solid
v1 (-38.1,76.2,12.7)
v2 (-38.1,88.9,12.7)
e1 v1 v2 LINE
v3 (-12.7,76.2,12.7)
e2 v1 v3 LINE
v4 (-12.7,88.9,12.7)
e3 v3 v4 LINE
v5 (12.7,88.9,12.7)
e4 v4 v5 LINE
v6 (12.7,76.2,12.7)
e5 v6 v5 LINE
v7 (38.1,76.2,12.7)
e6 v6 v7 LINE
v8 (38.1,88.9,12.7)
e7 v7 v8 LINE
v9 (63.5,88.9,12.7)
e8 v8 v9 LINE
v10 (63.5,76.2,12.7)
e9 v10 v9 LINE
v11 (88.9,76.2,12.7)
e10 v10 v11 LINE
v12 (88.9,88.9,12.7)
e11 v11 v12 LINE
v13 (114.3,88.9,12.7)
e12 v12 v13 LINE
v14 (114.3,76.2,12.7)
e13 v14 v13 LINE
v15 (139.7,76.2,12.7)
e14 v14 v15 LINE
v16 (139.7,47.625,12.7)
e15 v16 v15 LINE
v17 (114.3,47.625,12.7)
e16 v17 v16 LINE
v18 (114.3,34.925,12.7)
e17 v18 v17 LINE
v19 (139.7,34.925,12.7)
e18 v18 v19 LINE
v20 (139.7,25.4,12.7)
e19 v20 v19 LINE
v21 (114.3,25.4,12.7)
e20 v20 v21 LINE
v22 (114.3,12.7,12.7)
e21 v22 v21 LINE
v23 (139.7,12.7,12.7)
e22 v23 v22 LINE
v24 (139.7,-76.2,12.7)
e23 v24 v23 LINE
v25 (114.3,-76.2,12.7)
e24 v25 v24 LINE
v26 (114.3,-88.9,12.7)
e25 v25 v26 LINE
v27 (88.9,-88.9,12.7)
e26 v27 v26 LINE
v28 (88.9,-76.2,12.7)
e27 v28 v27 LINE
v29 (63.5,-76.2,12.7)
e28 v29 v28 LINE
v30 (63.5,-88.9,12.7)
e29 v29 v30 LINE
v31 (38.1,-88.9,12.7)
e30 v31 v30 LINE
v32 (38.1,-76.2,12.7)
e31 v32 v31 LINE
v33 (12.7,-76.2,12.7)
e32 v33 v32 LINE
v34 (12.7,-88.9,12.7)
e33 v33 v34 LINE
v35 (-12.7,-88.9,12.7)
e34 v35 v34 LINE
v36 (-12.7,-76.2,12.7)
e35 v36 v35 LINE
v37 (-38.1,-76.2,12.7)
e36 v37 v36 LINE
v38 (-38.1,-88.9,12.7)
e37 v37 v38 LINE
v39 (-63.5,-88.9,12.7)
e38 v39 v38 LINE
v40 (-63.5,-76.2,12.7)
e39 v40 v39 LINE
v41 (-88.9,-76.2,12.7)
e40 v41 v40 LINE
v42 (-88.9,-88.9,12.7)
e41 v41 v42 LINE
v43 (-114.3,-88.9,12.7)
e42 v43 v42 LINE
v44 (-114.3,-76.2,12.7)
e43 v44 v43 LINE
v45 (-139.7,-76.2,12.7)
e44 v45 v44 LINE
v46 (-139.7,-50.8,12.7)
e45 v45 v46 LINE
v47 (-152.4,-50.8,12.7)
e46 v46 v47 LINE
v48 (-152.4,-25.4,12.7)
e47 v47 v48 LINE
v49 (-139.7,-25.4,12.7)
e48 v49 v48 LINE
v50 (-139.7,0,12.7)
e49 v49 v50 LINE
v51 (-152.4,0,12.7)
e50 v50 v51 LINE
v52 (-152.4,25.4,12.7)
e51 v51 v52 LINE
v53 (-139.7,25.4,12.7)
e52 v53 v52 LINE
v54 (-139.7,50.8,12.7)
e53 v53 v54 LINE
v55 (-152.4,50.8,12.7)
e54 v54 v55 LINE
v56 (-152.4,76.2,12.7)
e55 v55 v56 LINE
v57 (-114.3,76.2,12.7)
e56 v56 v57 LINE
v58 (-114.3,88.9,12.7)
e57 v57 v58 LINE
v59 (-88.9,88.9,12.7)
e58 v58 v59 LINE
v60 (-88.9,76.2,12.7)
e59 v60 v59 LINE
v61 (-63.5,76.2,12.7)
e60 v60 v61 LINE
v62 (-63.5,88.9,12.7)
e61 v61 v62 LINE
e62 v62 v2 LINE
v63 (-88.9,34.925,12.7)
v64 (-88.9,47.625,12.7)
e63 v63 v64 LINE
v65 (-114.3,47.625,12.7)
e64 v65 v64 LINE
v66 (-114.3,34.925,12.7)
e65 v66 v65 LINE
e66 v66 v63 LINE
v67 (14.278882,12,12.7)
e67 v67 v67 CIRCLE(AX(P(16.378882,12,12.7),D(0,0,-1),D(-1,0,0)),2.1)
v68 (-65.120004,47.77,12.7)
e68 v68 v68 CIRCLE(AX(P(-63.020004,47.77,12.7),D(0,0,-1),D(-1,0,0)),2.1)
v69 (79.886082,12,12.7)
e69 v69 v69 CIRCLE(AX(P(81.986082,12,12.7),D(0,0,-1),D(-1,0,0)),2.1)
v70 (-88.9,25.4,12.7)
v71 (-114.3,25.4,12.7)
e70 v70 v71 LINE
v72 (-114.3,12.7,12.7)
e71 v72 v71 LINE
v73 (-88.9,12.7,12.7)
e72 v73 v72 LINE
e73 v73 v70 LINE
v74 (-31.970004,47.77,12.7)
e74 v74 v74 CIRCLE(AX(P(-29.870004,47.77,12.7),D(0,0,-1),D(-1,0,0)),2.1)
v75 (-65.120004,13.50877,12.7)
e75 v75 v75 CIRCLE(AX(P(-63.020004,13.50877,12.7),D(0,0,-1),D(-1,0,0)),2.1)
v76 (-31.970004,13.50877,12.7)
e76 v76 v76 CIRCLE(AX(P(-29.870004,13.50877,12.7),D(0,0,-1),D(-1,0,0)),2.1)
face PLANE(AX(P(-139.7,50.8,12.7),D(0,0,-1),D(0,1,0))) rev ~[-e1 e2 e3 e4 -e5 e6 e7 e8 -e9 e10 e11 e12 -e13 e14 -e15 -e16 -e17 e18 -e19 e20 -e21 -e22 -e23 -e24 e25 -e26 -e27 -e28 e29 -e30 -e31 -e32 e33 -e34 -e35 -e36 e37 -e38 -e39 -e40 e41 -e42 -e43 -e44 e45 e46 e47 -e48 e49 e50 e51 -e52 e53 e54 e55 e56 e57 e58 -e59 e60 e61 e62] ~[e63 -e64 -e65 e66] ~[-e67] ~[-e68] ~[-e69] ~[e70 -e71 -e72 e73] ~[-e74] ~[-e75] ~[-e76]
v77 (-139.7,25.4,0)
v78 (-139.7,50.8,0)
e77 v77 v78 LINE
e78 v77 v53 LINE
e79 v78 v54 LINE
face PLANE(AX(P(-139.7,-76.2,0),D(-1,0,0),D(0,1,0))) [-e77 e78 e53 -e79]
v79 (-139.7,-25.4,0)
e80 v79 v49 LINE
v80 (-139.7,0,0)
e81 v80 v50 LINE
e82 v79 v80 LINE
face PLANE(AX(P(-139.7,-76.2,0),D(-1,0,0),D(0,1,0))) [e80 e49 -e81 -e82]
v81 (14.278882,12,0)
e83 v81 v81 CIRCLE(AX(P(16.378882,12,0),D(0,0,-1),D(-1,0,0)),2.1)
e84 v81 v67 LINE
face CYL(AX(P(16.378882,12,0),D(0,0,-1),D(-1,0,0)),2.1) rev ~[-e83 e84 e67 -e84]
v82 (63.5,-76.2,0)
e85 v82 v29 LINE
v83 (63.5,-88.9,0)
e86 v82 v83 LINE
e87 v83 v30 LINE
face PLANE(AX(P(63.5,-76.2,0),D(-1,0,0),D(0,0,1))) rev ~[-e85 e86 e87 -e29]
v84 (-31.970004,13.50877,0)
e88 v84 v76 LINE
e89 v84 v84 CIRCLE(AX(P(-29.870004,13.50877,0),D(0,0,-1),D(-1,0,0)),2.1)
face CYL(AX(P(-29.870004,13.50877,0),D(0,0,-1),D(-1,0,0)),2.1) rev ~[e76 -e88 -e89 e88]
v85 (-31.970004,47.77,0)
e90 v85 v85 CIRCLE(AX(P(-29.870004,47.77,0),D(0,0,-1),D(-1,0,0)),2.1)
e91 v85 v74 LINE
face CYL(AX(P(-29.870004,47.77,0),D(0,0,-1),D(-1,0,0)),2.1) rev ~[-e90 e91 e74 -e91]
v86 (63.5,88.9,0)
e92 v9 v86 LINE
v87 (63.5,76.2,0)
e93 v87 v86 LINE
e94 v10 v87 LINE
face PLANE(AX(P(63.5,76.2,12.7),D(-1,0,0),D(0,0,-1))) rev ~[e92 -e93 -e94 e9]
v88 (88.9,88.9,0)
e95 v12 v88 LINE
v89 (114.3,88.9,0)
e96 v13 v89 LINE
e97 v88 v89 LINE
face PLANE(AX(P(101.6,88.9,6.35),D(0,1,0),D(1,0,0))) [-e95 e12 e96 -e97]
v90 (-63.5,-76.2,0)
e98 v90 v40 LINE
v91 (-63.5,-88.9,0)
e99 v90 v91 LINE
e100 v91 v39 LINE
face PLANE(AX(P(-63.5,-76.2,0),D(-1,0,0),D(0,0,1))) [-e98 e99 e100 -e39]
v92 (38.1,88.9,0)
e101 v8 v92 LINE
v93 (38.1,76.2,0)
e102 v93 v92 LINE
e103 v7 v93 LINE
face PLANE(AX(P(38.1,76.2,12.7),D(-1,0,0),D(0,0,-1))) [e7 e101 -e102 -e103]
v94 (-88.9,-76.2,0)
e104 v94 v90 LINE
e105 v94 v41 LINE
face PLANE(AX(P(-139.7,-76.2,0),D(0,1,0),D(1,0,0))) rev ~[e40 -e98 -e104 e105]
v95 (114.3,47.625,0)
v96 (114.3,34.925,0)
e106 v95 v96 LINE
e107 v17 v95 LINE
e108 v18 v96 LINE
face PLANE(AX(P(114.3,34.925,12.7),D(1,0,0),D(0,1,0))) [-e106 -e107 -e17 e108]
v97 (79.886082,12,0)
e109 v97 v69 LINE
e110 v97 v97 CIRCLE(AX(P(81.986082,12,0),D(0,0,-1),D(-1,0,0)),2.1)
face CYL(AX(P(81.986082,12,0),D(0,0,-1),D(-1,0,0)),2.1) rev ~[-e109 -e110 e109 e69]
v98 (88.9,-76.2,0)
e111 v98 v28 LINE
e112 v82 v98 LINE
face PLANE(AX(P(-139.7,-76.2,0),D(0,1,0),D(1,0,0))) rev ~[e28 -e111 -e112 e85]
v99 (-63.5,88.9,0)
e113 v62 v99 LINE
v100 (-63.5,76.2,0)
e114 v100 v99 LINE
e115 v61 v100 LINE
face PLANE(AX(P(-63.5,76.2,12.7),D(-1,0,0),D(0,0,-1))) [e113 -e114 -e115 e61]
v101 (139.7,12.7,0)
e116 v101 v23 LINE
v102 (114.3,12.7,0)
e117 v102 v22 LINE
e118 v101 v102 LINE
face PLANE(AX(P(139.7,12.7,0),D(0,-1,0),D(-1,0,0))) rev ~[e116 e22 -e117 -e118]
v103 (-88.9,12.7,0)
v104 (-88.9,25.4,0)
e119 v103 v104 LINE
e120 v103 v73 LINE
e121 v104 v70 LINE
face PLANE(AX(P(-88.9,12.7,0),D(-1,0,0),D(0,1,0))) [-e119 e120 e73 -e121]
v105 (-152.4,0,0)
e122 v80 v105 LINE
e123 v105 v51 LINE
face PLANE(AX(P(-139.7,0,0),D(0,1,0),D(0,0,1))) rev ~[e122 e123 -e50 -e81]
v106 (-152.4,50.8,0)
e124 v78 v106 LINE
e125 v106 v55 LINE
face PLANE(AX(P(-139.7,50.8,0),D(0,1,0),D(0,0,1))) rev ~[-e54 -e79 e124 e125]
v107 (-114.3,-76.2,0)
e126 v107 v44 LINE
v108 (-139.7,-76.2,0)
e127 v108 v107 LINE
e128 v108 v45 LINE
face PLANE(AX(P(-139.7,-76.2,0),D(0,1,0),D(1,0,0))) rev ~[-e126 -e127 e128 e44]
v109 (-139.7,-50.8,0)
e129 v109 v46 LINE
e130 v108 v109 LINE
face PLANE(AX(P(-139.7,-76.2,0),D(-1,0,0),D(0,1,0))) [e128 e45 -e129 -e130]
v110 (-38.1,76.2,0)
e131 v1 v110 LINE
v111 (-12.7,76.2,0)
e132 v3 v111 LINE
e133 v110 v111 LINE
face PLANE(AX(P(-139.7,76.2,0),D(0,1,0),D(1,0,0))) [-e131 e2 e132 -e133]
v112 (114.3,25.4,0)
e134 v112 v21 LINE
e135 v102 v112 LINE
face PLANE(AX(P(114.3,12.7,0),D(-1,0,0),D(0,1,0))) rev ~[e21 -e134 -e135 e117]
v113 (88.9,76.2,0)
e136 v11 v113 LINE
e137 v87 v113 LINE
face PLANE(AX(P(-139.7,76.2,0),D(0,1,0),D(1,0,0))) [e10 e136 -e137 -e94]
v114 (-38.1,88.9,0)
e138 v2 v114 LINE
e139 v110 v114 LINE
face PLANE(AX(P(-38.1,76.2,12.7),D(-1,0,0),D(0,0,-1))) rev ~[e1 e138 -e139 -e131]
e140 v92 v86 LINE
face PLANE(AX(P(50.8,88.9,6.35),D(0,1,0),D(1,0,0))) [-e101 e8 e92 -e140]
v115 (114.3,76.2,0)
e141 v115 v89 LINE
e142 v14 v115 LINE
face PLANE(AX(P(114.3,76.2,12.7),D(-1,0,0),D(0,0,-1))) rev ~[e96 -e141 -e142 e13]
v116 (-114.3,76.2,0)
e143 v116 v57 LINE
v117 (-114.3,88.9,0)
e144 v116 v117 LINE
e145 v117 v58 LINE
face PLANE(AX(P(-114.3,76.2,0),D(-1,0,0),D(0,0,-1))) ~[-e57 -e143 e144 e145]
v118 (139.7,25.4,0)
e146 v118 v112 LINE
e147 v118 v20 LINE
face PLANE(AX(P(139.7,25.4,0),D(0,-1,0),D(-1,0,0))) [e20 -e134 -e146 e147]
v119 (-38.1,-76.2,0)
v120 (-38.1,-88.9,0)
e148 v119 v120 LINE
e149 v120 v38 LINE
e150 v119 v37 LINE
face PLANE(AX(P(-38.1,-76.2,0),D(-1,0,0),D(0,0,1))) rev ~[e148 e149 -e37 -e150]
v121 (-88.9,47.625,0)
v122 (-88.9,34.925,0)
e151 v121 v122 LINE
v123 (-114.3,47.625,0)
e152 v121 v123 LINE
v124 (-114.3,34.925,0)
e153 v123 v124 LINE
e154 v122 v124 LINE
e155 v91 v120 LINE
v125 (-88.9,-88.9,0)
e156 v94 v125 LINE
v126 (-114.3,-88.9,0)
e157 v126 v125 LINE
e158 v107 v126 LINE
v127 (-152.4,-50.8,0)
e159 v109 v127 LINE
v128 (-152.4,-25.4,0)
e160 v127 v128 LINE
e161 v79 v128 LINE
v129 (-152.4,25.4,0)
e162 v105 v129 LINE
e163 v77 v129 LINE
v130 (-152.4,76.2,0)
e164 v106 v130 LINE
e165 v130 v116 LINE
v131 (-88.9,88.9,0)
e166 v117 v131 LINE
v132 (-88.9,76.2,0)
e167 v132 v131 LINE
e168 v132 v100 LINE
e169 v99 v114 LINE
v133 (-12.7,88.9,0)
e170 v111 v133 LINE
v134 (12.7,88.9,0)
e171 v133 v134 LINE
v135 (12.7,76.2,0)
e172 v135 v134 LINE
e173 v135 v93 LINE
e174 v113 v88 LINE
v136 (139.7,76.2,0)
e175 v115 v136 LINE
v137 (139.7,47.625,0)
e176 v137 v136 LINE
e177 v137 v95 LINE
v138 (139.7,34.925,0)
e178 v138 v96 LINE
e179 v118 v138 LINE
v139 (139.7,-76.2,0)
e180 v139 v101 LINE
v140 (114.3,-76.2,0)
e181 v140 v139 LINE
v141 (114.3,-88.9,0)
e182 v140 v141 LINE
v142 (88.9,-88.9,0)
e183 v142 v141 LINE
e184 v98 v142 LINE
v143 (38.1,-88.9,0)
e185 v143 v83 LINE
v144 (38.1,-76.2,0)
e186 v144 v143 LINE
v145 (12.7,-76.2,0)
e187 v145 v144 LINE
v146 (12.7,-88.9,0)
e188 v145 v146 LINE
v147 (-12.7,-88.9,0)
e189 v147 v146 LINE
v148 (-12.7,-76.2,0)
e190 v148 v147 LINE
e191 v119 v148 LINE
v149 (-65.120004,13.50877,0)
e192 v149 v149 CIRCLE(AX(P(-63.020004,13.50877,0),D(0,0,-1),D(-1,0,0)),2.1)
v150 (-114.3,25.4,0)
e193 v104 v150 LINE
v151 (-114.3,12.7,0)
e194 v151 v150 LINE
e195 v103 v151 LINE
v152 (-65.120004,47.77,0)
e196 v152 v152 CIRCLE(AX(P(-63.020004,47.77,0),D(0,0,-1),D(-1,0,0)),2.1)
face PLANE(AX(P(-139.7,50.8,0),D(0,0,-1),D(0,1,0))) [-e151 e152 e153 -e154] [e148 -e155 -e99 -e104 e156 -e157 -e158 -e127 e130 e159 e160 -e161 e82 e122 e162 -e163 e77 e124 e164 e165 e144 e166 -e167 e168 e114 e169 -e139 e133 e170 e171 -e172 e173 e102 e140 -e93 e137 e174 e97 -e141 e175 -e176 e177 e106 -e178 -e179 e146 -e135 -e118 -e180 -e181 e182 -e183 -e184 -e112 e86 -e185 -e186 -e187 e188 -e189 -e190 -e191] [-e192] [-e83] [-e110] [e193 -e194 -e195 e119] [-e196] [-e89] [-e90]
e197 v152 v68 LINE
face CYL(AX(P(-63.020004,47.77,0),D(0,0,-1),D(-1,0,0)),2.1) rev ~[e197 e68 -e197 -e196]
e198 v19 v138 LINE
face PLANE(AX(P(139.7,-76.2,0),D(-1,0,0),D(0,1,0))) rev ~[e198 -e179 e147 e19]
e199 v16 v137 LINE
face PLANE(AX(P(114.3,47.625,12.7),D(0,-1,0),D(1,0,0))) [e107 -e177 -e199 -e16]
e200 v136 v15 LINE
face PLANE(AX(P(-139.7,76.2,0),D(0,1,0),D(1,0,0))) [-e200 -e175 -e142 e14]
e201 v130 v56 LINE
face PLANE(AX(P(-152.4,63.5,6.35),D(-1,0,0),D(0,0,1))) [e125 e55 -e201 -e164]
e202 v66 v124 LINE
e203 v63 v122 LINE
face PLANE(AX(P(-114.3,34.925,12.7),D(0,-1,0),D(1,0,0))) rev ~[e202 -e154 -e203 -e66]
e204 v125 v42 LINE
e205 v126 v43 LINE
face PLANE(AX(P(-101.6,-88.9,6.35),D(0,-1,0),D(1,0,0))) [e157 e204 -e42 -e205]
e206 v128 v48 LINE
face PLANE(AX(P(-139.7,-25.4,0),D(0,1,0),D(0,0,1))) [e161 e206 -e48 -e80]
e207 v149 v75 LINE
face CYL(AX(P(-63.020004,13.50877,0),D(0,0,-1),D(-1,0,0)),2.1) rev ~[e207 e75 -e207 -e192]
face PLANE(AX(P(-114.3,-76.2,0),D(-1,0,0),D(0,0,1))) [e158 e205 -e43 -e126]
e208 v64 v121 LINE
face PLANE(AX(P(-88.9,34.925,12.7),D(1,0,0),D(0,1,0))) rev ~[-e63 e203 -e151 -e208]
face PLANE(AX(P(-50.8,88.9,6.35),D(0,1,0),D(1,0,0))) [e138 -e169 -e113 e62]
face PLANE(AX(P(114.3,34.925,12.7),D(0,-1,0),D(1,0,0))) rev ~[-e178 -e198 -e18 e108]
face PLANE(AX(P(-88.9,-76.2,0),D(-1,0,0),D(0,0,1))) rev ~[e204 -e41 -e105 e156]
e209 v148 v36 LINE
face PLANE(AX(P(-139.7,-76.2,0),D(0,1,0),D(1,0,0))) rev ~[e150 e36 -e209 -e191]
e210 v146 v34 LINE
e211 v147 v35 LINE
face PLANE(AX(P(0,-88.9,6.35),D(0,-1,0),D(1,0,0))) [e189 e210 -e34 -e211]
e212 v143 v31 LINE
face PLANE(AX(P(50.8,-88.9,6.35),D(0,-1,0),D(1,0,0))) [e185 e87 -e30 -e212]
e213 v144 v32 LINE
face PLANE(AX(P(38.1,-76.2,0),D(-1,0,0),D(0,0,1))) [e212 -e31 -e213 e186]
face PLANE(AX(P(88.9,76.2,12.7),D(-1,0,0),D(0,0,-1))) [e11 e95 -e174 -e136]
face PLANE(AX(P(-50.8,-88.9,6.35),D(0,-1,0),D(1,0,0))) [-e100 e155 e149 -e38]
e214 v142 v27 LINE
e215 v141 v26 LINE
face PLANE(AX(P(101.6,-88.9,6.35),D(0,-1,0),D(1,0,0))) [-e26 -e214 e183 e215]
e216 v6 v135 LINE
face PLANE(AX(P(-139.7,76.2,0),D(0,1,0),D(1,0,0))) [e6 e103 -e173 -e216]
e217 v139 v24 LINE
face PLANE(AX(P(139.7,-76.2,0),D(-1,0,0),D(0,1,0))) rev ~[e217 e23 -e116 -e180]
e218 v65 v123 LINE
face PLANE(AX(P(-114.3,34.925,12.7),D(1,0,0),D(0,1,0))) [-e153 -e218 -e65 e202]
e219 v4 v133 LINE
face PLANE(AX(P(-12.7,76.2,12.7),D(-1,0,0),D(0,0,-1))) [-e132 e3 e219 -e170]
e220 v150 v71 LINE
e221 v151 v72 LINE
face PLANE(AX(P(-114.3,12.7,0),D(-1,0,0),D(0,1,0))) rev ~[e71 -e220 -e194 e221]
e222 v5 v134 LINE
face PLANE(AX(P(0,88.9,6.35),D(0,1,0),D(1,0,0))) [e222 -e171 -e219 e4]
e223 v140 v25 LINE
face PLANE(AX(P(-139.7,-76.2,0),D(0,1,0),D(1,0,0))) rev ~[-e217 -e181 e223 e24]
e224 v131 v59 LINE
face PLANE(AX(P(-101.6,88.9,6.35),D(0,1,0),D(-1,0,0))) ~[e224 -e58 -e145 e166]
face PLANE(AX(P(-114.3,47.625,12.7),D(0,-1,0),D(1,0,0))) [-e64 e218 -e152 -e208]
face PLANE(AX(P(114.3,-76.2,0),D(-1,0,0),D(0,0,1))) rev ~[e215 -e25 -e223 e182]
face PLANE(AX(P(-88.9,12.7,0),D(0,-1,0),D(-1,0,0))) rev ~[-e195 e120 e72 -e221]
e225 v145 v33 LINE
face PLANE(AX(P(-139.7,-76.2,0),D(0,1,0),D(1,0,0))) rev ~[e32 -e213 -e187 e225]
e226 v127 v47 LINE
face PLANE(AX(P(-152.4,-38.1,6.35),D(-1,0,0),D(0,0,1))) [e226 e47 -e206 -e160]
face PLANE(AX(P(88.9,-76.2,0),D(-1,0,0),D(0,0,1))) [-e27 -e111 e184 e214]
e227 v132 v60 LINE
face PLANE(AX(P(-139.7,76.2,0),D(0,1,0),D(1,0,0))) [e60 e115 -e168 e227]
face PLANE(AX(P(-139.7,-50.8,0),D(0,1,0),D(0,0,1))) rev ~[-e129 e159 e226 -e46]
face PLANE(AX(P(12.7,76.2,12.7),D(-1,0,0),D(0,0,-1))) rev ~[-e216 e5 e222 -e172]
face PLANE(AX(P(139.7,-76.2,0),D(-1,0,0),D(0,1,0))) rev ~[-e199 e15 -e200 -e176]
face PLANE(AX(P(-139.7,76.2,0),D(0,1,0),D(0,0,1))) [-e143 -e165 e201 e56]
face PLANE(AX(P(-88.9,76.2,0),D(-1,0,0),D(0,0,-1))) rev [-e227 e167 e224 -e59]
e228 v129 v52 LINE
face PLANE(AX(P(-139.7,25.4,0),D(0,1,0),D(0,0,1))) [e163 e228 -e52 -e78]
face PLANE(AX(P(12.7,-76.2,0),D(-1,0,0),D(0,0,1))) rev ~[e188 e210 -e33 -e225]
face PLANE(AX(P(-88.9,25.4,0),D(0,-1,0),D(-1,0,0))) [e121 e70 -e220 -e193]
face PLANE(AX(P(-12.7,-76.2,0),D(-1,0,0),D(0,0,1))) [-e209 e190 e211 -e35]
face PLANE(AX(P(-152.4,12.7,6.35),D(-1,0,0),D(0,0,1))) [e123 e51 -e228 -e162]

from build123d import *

# Parameters (mm, degrees)
SKETCH1_W               = 279.4
SKETCH1_H               = 152.4
BOSS_EXTRUDE1_DEPTH     = 12.7
SKETCH2_W               = 25.4
SKETCH2_H               = 12.7
BOSS_EXTRUDE2_DEPTH     = 12.7
LPATTERN1_COUNT         = 5
LPATTERN1_PITCH         = 50.8
MIRROR1_COPY_1_SKETCH_W = 25.4
MIRROR1_COPY_1_SKETCH_H = 12.7
MIRROR1_COPY_1_DEPTH    = 12.7
MIRROR1_COPY_2_SKETCH_W = 25.4
MIRROR1_COPY_2_SKETCH_H = 12.7
MIRROR1_COPY_2_DEPTH    = 12.7
MIRROR1_COPY_3_SKETCH_W = 25.4
MIRROR1_COPY_3_SKETCH_H = 12.7
MIRROR1_COPY_3_DEPTH    = 12.7
MIRROR1_COPY_4_SKETCH_W = 25.4
MIRROR1_COPY_4_SKETCH_H = 12.7
MIRROR1_COPY_4_DEPTH    = 12.7
SKETCH3_W               = 12.7
SKETCH3_H               = 25.4
BOSS_EXTRUDE3_DEPTH     = 12.7
LPATTERN2_COUNT         = 3
LPATTERN2_PITCH         = 50.8
SKETCH4_W               = 25.4
SKETCH4_H               = 12.7
CUT_EXTRUDE1_DEPTH      = 13.7
LPATTERN3_COUNT         = 2
LPATTERN3_PITCH         = 228.6
SKETCH5_W               = 25.4
SKETCH5_H               = 12.7
CUT_EXTRUDE2_DEPTH      = 13.7
LPATTERN4_COUNT         = 2
LPATTERN4_PITCH         = 228.6
SKETCH6_R               = 2.1
CUT_EXTRUDE3_DEPTH      = 13.7


with BuildPart() as part:
    # Sketch1 → Boss-Extrude1 (new body)
    with BuildSketch(Plane.XY):
        Rectangle(SKETCH1_W, SKETCH1_H)
    extrude(amount=BOSS_EXTRUDE1_DEPTH)

    # Sketch2 → Boss-Extrude2 (add)
    with BuildSketch(Plane.XZ.offset(76.2)):
        with Locations((-101.6, 6.35)):
            Rectangle(SKETCH2_W, SKETCH2_H)
    boss_extrude2 = extrude(amount=BOSS_EXTRUDE2_DEPTH)

    # LPattern1: Boss-Extrude2 ×5
    with Locations(*[(i * LPATTERN1_PITCH, 0, 0) for i in range(1, LPATTERN1_COUNT)]):
        add(boss_extrude2)

    # Mirror1: Boss-Extrude2 across plane
    add(boss_extrude2.mirror(Plane.ZX))

    # Mirror1 copy 1 sketch → Mirror1 copy 1 (add)
    with BuildSketch(Plane(origin=(50.8, 76.2, 0), x_dir=(1, 0, 0), z_dir=(0, 1, 0))):
        with Locations((-101.6, -6.35)):
            Rectangle(MIRROR1_COPY_1_SKETCH_W, MIRROR1_COPY_1_SKETCH_H)
    extrude(amount=MIRROR1_COPY_1_DEPTH)

    # Mirror1 copy 2 sketch → Mirror1 copy 2 (add)
    with BuildSketch(Plane(origin=(101.6, 76.2, 0), x_dir=(1, 0, 0), z_dir=(0, 1, 0))):
        with Locations((-101.6, -6.35)):
            Rectangle(MIRROR1_COPY_2_SKETCH_W, MIRROR1_COPY_2_SKETCH_H)
    extrude(amount=MIRROR1_COPY_2_DEPTH)

    # Mirror1 copy 3 sketch → Mirror1 copy 3 (add)
    with BuildSketch(Plane(origin=(152.4, 76.2, 0), x_dir=(1, 0, 0), z_dir=(0, 1, 0))):
        with Locations((-101.6, -6.35)):
            Rectangle(MIRROR1_COPY_3_SKETCH_W, MIRROR1_COPY_3_SKETCH_H)
    extrude(amount=MIRROR1_COPY_3_DEPTH)

    # Mirror1 copy 4 sketch → Mirror1 copy 4 (add)
    with BuildSketch(Plane(origin=(203.2, 76.2, 0), x_dir=(1, 0, 0), z_dir=(0, 1, 0))):
        with Locations((-101.6, -6.35)):
            Rectangle(MIRROR1_COPY_4_SKETCH_W, MIRROR1_COPY_4_SKETCH_H)
    extrude(amount=MIRROR1_COPY_4_DEPTH)

    # Sketch3 → Boss-Extrude3 (add)
    with BuildSketch(Plane.ZY.offset(139.7)):
        with Locations((6.35, 63.5)):
            Rectangle(SKETCH3_W, SKETCH3_H)
    boss_extrude3 = extrude(amount=BOSS_EXTRUDE3_DEPTH)

    # LPattern2: Boss-Extrude3 ×3
    with Locations(*[(0, -i * LPATTERN2_PITCH, 0) for i in range(1, LPATTERN2_COUNT)]):
        add(boss_extrude3)

    # Sketch4 → Cut-Extrude1 (cut, through all)
    with BuildSketch(Plane(origin=(0, 0, 0), x_dir=(-1, 0, 0), z_dir=(0, 0, -1))):
        with Locations((-127, 19.05)):
            Rectangle(SKETCH4_W, SKETCH4_H)
    cut_extrude1 = extrude(amount=-CUT_EXTRUDE1_DEPTH, mode=Mode.SUBTRACT)

    # LPattern3: Cut-Extrude1 ×2
    with Locations(*[(-i * LPATTERN3_PITCH, 0, 0) for i in range(1, LPATTERN3_COUNT)]):
        add(cut_extrude1, mode=Mode.SUBTRACT)

    # Sketch5 → Cut-Extrude2 (cut, through all)
    with BuildSketch(Plane.XY.offset(12.7)):
        with Locations((-101.6, 41.275)):
            Rectangle(SKETCH5_W, SKETCH5_H)
    cut_extrude2 = extrude(amount=-CUT_EXTRUDE2_DEPTH, mode=Mode.SUBTRACT)

    # LPattern4: Cut-Extrude2 ×2
    with Locations(*[(i * LPATTERN4_PITCH, 0, 0) for i in range(1, LPATTERN4_COUNT)]):
        add(cut_extrude2, mode=Mode.SUBTRACT)

    # Sketch6 → Cut-Extrude3 (cut, through all)
    with BuildSketch(Plane(origin=(0, 0, 0), x_dir=(-1, 0, 0), z_dir=(0, 0, -1))):
        with Locations((-81.986081859, 12)):
            Circle(SKETCH6_R)
        with Locations((-16.378881859, 12)):
            Circle(SKETCH6_R)
        with Locations((63.020004141, 13.50877)):
            Circle(SKETCH6_R)
        with Locations((29.870004141, 47.77)):
            Circle(SKETCH6_R)
        with Locations((63.020004141, 47.77)):
            Circle(SKETCH6_R)
        with Locations((29.870004141, 13.50877)):
            Circle(SKETCH6_R)
    extrude(amount=-CUT_EXTRUDE3_DEPTH, mode=Mode.SUBTRACT)


solid = part.part
